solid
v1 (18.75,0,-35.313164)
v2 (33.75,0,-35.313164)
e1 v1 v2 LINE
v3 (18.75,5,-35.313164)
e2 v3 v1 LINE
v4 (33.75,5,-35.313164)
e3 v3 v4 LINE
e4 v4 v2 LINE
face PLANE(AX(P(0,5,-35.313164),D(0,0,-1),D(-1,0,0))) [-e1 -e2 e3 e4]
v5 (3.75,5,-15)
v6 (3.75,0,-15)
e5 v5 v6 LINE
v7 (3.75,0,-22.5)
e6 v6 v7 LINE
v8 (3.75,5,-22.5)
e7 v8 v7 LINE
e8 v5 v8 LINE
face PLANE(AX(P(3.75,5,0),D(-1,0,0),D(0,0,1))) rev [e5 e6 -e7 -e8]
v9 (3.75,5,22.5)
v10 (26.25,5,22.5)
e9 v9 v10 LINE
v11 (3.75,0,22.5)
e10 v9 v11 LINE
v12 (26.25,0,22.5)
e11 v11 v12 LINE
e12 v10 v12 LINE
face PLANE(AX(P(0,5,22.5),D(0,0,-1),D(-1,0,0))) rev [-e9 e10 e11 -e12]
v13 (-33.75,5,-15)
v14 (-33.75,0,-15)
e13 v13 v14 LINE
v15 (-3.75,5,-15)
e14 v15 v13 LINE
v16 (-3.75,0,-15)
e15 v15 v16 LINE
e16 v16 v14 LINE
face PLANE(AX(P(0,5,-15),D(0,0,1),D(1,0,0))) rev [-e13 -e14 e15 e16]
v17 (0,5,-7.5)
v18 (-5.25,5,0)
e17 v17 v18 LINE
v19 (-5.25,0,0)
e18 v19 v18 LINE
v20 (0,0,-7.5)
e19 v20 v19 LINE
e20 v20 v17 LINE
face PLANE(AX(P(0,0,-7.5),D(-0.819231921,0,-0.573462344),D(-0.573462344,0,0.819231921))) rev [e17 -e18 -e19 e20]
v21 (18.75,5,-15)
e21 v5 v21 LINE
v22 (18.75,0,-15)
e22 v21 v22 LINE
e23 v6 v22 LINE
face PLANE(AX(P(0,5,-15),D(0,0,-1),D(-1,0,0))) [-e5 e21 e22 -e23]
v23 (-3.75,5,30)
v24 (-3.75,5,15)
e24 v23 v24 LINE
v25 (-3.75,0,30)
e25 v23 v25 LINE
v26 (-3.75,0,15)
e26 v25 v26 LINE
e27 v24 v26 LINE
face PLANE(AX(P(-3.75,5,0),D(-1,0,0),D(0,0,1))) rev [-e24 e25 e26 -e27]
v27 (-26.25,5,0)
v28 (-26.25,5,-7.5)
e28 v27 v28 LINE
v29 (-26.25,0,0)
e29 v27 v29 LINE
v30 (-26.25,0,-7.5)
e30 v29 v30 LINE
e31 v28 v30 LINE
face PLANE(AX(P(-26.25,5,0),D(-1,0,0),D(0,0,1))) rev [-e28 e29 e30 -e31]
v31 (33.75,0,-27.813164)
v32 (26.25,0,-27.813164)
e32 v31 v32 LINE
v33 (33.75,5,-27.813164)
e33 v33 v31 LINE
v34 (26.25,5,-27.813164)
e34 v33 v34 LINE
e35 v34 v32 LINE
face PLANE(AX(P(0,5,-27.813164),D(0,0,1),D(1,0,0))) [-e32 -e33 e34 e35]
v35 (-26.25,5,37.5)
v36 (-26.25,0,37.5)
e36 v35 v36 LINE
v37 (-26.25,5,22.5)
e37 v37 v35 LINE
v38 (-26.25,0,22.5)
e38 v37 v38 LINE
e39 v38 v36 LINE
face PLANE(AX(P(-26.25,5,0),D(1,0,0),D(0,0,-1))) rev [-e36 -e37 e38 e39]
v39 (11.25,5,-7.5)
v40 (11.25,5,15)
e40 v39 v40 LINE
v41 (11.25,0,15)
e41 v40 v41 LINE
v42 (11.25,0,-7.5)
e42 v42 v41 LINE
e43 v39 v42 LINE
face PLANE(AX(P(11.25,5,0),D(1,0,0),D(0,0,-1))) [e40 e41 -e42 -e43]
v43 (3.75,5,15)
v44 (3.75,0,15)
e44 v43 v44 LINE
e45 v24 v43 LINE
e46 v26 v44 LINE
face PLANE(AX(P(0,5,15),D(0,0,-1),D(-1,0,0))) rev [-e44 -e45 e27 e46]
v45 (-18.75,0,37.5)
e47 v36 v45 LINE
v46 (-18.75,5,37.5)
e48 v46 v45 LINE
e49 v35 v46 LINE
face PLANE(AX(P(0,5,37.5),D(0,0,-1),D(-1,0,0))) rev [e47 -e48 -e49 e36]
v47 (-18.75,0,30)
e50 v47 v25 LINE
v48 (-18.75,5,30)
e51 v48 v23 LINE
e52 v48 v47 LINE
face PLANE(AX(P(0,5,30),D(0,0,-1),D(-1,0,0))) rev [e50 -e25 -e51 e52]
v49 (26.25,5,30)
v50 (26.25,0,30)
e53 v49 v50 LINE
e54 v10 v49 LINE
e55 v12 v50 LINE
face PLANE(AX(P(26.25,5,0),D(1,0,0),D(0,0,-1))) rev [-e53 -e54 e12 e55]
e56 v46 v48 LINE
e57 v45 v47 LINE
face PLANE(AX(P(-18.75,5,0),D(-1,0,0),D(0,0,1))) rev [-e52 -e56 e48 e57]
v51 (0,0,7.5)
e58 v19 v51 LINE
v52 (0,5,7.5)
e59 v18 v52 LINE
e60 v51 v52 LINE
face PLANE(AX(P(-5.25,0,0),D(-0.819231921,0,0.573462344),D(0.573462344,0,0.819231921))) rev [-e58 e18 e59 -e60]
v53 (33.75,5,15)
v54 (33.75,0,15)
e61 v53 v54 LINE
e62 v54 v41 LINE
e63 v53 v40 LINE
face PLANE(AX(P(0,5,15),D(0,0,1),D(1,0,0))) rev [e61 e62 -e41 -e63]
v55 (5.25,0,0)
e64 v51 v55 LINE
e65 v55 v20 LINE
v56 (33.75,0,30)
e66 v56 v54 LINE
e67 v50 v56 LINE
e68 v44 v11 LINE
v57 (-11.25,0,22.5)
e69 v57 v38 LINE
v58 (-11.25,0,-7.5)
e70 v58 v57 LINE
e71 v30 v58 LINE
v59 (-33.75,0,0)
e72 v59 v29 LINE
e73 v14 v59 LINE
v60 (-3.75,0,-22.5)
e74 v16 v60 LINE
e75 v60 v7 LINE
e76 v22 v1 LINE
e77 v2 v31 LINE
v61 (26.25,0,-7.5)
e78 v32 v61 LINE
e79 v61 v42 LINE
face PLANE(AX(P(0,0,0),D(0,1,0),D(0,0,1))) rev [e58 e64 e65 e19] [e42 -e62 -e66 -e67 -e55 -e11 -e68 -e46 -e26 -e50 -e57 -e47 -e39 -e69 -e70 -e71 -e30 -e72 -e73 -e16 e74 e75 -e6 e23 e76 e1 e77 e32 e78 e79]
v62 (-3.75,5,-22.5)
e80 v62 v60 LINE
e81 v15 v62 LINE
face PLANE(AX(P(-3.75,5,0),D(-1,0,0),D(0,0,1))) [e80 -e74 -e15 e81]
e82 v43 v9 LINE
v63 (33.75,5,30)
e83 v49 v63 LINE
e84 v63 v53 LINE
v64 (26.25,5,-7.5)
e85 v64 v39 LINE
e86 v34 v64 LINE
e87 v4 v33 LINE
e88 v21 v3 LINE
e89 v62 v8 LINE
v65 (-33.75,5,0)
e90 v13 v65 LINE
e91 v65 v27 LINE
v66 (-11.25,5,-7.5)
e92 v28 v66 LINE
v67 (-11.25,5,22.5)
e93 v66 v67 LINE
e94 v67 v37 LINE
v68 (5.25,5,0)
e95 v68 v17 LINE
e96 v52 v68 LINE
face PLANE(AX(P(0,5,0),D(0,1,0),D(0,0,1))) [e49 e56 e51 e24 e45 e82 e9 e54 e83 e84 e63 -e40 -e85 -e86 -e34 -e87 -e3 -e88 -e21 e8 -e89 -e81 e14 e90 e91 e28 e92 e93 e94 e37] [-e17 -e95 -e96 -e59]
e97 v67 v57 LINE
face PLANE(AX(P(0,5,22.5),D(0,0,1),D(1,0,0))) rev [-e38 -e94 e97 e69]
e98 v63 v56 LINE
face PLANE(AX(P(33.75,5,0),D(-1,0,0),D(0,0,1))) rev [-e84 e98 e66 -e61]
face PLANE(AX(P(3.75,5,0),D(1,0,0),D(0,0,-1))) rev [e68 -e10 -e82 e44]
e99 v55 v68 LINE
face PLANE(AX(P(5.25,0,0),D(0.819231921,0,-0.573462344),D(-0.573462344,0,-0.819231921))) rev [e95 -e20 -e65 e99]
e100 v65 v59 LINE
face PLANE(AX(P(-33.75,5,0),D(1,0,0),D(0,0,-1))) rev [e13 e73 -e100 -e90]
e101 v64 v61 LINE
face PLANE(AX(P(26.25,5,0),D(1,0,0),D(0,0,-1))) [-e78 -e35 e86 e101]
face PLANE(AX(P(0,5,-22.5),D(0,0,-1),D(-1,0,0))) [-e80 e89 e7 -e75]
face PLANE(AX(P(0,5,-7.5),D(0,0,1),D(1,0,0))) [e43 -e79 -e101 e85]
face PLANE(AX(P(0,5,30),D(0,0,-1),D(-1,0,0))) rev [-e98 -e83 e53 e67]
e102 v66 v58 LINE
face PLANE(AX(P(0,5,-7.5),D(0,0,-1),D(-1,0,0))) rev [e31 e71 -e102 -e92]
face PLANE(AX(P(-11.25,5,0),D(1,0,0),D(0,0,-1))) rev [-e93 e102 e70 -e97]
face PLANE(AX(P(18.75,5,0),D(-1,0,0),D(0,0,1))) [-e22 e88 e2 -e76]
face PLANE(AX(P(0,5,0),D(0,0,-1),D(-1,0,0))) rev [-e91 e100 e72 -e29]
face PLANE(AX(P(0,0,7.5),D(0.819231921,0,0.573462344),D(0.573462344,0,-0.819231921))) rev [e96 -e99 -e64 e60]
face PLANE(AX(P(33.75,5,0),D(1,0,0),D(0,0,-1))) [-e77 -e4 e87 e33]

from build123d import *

# Parameters (mm, degrees)
SKETCH1_W           = 22.5
SKETCH1_H           = 30
SKETCH1_W_2         = 7.5
SKETCH1_H_2         = 7.5
BOSS_EXTRUDE1_DEPTH = 5
CUT_EXTRUDE1_DEPTH  = 51.698249477


with BuildPart() as part:
    # Sketch1 → Boss-Extrude1 (new body)
    with BuildSketch(Plane(origin=(0, 0, 0), x_dir=(1, 0, 0), z_dir=(0, 1, 0))):
        Polygon((-11.25, 7.5), (-11.25, 15), (-33.75, 15), (-33.75, 0), (-26.25, 0), (-26.25, 7.5), align=None)
        Rectangle(SKETCH1_W, SKETCH1_H)
        with Locations((0, 18.75)):
            Rectangle(SKETCH1_W_2, SKETCH1_H_2)
        Polygon((18.75, 15), (11.25, 15), (11.25, 7.5), (26.25, 7.5), (26.25, 27.813163598), (33.75, 27.813163598), (33.75, 35.313163598), (18.75, 35.313163598), align=None)
        Polygon((11.25, -15), (3.75, -15), (3.75, -22.5), (26.25, -22.5), (26.25, -30), (33.75, -30), (33.75, -15), align=None)
        Polygon((-3.75, -15), (-11.25, -15), (-11.25, -22.5), (-26.25, -22.5), (-26.25, -37.5), (-18.75, -37.5), (-18.75, -30), (-3.75, -30), align=None)
    extrude(amount=BOSS_EXTRUDE1_DEPTH)

    # Sketch2 → Cut-Extrude1 (cut, through all)
    with BuildSketch(Plane(origin=(0, 5, 0), x_dir=(1, 0, 0), z_dir=(0, 1, 0))):
        Polygon((0, 7.5), (-5.25, 0), (0, -7.5), (5.25, 0), align=None)
    extrude(amount=-CUT_EXTRUDE1_DEPTH, mode=Mode.SUBTRACT)


solid = part.part
